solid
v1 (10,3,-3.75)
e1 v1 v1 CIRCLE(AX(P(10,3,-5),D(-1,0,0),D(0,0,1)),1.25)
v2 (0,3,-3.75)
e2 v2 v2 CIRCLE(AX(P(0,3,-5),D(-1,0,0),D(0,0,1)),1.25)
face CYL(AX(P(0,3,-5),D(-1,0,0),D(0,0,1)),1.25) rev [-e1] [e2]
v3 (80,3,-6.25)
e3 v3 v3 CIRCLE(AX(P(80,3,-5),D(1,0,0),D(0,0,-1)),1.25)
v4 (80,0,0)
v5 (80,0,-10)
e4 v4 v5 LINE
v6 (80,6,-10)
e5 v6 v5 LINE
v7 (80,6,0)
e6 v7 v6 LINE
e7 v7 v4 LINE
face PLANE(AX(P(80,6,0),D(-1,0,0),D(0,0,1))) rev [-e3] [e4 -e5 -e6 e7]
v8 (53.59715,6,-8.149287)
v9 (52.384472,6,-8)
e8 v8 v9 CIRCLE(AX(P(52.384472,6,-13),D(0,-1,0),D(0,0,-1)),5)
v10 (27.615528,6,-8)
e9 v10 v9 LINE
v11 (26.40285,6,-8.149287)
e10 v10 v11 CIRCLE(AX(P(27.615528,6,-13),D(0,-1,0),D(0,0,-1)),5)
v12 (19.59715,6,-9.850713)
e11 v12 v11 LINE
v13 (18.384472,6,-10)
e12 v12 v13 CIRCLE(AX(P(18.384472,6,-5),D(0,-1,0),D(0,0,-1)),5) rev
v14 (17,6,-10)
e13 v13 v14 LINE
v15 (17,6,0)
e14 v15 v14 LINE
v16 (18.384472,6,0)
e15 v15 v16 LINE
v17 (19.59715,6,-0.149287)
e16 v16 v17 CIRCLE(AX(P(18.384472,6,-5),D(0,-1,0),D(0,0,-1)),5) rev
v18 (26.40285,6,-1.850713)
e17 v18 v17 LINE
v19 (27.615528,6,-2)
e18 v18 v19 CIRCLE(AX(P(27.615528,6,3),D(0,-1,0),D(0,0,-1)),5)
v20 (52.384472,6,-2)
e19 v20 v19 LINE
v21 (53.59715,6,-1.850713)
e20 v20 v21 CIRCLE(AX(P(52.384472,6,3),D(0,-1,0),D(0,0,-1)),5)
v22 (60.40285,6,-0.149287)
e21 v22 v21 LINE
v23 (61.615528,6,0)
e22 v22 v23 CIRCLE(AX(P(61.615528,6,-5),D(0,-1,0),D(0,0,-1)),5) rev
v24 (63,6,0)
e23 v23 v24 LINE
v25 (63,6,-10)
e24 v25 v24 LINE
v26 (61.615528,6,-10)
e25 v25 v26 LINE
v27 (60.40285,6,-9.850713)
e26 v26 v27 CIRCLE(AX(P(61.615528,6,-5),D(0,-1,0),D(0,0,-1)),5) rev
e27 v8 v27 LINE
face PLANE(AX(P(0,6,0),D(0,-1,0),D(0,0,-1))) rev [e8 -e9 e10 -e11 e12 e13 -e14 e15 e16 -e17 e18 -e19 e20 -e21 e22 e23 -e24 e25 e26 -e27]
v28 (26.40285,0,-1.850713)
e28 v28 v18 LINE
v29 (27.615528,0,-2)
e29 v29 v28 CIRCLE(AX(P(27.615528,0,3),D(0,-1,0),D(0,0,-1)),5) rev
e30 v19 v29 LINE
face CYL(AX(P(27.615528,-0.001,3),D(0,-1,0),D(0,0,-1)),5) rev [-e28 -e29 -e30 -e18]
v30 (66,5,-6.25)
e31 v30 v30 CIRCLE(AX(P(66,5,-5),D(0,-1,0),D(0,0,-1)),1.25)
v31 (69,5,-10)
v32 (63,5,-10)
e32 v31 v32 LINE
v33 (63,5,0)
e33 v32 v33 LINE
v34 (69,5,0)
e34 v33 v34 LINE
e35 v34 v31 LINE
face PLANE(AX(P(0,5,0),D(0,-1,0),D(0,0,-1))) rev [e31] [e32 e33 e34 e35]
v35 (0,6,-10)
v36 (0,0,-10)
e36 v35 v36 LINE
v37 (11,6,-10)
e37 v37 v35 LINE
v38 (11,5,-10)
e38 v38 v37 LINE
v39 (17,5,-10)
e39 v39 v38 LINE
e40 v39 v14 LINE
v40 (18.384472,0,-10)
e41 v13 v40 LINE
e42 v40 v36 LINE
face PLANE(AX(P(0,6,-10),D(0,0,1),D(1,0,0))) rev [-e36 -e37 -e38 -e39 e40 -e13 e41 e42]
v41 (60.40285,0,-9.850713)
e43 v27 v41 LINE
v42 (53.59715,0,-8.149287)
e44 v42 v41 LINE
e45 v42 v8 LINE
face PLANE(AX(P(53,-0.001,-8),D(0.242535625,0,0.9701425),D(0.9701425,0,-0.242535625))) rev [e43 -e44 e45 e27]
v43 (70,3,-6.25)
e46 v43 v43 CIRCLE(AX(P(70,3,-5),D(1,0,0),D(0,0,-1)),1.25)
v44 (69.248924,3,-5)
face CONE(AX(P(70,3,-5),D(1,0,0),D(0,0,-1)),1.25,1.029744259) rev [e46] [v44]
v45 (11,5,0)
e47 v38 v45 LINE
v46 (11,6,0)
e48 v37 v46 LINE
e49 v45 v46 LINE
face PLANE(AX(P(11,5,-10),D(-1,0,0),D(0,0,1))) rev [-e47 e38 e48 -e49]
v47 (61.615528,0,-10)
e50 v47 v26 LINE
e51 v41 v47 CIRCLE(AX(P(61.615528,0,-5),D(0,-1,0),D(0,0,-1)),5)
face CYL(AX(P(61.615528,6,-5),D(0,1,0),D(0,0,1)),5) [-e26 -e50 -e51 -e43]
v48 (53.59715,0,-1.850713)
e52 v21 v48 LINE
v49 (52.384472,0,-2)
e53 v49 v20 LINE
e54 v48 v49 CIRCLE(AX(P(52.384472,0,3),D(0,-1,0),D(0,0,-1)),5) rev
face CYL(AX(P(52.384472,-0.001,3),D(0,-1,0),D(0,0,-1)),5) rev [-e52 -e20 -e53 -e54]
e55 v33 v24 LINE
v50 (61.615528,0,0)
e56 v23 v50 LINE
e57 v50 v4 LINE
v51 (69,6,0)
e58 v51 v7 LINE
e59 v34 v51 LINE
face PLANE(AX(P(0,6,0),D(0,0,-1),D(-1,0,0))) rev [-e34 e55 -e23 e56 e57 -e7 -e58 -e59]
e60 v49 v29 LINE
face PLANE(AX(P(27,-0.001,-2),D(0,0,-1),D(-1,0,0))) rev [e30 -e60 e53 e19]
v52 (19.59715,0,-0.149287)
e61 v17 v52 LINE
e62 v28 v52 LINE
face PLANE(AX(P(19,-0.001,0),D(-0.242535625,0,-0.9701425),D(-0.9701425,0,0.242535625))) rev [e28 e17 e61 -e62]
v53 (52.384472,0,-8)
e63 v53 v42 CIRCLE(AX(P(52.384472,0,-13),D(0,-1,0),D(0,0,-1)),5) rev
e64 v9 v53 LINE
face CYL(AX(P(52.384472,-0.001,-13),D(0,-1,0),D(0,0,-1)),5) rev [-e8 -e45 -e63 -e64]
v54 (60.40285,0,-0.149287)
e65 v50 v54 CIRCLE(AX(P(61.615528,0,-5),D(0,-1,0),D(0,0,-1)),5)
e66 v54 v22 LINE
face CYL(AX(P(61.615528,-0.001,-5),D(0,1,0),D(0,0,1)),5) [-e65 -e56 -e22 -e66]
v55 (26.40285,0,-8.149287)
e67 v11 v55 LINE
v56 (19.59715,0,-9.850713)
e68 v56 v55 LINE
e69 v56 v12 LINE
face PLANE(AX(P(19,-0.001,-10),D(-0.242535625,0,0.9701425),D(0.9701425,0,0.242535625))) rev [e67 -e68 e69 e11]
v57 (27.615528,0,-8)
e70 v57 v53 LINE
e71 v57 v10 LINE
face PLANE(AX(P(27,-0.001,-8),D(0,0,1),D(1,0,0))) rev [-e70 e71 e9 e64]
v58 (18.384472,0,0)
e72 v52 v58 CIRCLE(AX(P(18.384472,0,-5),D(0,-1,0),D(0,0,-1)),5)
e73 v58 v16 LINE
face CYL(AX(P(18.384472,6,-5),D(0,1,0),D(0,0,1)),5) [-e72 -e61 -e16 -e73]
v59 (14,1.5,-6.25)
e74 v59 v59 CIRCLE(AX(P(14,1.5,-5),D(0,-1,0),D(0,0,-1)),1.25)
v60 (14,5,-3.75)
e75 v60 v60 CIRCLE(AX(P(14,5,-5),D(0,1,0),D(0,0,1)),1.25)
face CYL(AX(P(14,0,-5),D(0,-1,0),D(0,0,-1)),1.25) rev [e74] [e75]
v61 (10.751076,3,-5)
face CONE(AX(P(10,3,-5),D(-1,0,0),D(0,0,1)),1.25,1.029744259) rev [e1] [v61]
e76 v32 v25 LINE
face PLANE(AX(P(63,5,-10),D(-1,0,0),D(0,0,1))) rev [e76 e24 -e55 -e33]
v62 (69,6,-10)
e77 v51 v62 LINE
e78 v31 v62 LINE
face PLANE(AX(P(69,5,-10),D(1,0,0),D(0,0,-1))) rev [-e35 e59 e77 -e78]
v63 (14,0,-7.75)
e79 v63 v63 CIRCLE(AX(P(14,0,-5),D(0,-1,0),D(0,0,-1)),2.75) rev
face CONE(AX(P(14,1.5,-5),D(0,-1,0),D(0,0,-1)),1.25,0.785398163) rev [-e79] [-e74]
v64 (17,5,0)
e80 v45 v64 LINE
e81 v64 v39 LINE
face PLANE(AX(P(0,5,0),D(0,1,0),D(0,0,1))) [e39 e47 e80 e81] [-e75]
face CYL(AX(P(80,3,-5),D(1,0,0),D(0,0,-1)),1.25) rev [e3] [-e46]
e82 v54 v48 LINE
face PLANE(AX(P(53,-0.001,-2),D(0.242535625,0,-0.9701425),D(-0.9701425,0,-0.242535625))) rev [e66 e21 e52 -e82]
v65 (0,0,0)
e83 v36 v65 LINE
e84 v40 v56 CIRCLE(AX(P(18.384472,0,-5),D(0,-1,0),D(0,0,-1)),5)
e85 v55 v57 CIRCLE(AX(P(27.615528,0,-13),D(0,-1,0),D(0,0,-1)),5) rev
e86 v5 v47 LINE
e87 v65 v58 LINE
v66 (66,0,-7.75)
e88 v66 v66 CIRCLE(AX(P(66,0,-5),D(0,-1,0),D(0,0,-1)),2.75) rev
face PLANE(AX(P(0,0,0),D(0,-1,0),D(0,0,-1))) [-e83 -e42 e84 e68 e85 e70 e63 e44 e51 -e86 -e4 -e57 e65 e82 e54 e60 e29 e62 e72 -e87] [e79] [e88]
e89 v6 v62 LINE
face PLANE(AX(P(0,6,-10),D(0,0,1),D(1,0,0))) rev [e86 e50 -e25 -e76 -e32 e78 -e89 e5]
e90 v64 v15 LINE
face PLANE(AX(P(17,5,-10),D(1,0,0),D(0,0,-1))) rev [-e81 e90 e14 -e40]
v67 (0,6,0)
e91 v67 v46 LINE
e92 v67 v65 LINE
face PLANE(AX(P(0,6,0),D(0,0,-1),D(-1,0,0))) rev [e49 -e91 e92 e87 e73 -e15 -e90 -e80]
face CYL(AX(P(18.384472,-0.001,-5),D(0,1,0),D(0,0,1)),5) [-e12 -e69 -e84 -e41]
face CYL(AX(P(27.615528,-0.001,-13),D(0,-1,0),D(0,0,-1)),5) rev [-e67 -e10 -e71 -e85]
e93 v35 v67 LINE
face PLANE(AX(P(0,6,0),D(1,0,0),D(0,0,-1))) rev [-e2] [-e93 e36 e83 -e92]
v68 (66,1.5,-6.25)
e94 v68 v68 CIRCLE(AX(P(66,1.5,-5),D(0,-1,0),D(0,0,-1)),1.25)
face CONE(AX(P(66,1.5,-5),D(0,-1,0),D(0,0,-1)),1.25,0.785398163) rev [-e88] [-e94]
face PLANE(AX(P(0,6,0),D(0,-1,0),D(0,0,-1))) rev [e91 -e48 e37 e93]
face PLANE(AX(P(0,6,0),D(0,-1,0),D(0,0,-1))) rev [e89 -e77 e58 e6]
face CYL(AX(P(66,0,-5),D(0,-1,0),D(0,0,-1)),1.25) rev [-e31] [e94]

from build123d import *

# Parameters (mm, degrees)
SKETCH1_W                                 = 80
SKETCH1_H                                 = 10
BOSS_EXTRUDE1_DEPTH                       = 6
SKETCH2_W                                 = 6
SKETCH2_H                                 = 10
CUT_EXTRUDE1_DEPTH                        = 1
TAP_DRILL_FOR_M3X0_5_TAP1_D               = 2.5
TAP_DRILL_FOR_M3X0_5_TAP1_DEPTH           = 10
TAP_DRILL_FOR_M3X0_5_TAP1_TIP             = 0.751075774
TAP_DRILL_FOR_M3X0_5_TAP1_ON_FACE_2_D     = 2.5
TAP_DRILL_FOR_M3X0_5_TAP1_ON_FACE_2_DEPTH = 10
TAP_DRILL_FOR_M3X0_5_TAP1_ON_FACE_2_TIP   = 0.751075774
TAP_DRILL_FOR_M3X0_5_TAP1_ON_FACE_3_D     = 2.5
TAP_DRILL_FOR_M3X0_5_TAP1_ON_FACE_3_DEPTH = 10
TAP_DRILL_FOR_M3X0_5_TAP1_ON_FACE_3_TIP   = 0.751075774
CHAMFER1_SIZE                             = 1.5
CUT_EXTRUDE2_REACH                        = 82.846
FILLET1_R                                 = 5


with BuildPart() as part:
    # Sketch1 → Boss-Extrude1 (new body)
    with BuildSketch(Plane(origin=(0, 0, 0), x_dir=(1, 0, 0), z_dir=(0, 1, 0))):
        with Locations((40, 5)):
            Rectangle(SKETCH1_W, SKETCH1_H)
    extrude(amount=BOSS_EXTRUDE1_DEPTH)

    # Sketch2 → Cut-Extrude1 (cut)
    with BuildSketch(Plane(origin=(0, 6, 0), x_dir=(1, 0, 0), z_dir=(0, 1, 0))):
        with Locations((14, 5)):
            Rectangle(SKETCH2_W, SKETCH2_H)
        with Locations((66, 5)):
            Rectangle(SKETCH2_W, SKETCH2_H)
    extrude(amount=-CUT_EXTRUDE1_DEPTH, mode=Mode.SUBTRACT)

    # Tap Drill for M3x0.5 Tap1
    with Locations(Plane(origin=(80, 3, -5), x_dir=(0, 0, 1), z_dir=(1, 0, 0))):
        with Locations((0, 0)):
            Hole(TAP_DRILL_FOR_M3X0_5_TAP1_D / 2, depth=TAP_DRILL_FOR_M3X0_5_TAP1_DEPTH)
            with Locations((0, 0, -(TAP_DRILL_FOR_M3X0_5_TAP1_DEPTH + TAP_DRILL_FOR_M3X0_5_TAP1_TIP / 2))):  # 118° drill point
                Cone(0, TAP_DRILL_FOR_M3X0_5_TAP1_D / 2, TAP_DRILL_FOR_M3X0_5_TAP1_TIP, mode=Mode.SUBTRACT)

    # Tap Drill for M3x0.5 Tap1 on face 2
    with Locations(Plane(origin=(66, 0, -5), x_dir=(0, 0, -1), z_dir=(0, -1, 0))):
        with Locations((0, 0), (0, -52)):
            Hole(TAP_DRILL_FOR_M3X0_5_TAP1_ON_FACE_2_D / 2, depth=TAP_DRILL_FOR_M3X0_5_TAP1_ON_FACE_2_DEPTH)
            with Locations((0, 0, -(TAP_DRILL_FOR_M3X0_5_TAP1_ON_FACE_2_DEPTH + TAP_DRILL_FOR_M3X0_5_TAP1_ON_FACE_2_TIP / 2))):  # 118° drill point
                Cone(0, TAP_DRILL_FOR_M3X0_5_TAP1_ON_FACE_2_D / 2, TAP_DRILL_FOR_M3X0_5_TAP1_ON_FACE_2_TIP, mode=Mode.SUBTRACT)

    # Tap Drill for M3x0.5 Tap1 on face 3
    with Locations(Plane(origin=(0, 3, -5), x_dir=(0, 0, -1), z_dir=(-1, 0, 0))):
        with Locations((0, 0)):
            Hole(TAP_DRILL_FOR_M3X0_5_TAP1_ON_FACE_3_D / 2, depth=TAP_DRILL_FOR_M3X0_5_TAP1_ON_FACE_3_DEPTH)
            with Locations((0, 0, -(TAP_DRILL_FOR_M3X0_5_TAP1_ON_FACE_3_DEPTH + TAP_DRILL_FOR_M3X0_5_TAP1_ON_FACE_3_TIP / 2))):  # 118° drill point
                Cone(0, TAP_DRILL_FOR_M3X0_5_TAP1_ON_FACE_3_D / 2, TAP_DRILL_FOR_M3X0_5_TAP1_ON_FACE_3_TIP, mode=Mode.SUBTRACT)

    # Chamfer1
    chamfer1_edges = [part.edges().sort_by_distance(p)[0] for p in [
        (14, 0, -6.25),
        (66, 0, -6.25),
    ]]
    chamfer(chamfer1_edges, length=CHAMFER1_SIZE)

    # Sketch6 → Cut-Extrude2 (cut, up to next)
    with BuildSketch(Plane(origin=(0, 6, 0), x_dir=(1, 0, 0), z_dir=(0, 1, 0)), mode=Mode.PRIVATE) as cut_extrude2_sk1:
        Polygon((19, 10), (27, 8), (53, 8), (61, 10), align=None)
    cut_extrude2_tool1 = extrude(cut_extrude2_sk1.sketch, amount=-CUT_EXTRUDE2_REACH, mode=Mode.PRIVATE) & part.part
    # Sketch6 → Cut-Extrude2 (cut, up to next)
    with BuildSketch(Plane(origin=(0, 6, 0), x_dir=(1, 0, 0), z_dir=(0, 1, 0)), mode=Mode.PRIVATE) as cut_extrude2_sk2:
        Polygon((19, 0), (27, 2), (53, 2), (61, 0), align=None)
    cut_extrude2_tool2 = extrude(cut_extrude2_sk2.sketch, amount=-CUT_EXTRUDE2_REACH, mode=Mode.PRIVATE) & part.part
    add(cut_extrude2_tool1.solids().sort_by_distance((40, 6, -9.078431))[0], mode=Mode.SUBTRACT)
    add(cut_extrude2_tool2.solids().sort_by_distance((40, 6, -0.921569))[0], mode=Mode.SUBTRACT)

    # Fillet1
    fillet1_edges = [part.edges().sort_by_distance(p)[0] for p in [
        (19, 3, -10),
        (61, 3, -10),
        (53, 3, -8),
        (27, 3, -8),
        (61, 3, 0),
        (19, 3, 0),
        (27, 3, -2),
        (53, 3, -2),
    ]]
    fillet(fillet1_edges, radius=FILLET1_R)


solid = part.part
